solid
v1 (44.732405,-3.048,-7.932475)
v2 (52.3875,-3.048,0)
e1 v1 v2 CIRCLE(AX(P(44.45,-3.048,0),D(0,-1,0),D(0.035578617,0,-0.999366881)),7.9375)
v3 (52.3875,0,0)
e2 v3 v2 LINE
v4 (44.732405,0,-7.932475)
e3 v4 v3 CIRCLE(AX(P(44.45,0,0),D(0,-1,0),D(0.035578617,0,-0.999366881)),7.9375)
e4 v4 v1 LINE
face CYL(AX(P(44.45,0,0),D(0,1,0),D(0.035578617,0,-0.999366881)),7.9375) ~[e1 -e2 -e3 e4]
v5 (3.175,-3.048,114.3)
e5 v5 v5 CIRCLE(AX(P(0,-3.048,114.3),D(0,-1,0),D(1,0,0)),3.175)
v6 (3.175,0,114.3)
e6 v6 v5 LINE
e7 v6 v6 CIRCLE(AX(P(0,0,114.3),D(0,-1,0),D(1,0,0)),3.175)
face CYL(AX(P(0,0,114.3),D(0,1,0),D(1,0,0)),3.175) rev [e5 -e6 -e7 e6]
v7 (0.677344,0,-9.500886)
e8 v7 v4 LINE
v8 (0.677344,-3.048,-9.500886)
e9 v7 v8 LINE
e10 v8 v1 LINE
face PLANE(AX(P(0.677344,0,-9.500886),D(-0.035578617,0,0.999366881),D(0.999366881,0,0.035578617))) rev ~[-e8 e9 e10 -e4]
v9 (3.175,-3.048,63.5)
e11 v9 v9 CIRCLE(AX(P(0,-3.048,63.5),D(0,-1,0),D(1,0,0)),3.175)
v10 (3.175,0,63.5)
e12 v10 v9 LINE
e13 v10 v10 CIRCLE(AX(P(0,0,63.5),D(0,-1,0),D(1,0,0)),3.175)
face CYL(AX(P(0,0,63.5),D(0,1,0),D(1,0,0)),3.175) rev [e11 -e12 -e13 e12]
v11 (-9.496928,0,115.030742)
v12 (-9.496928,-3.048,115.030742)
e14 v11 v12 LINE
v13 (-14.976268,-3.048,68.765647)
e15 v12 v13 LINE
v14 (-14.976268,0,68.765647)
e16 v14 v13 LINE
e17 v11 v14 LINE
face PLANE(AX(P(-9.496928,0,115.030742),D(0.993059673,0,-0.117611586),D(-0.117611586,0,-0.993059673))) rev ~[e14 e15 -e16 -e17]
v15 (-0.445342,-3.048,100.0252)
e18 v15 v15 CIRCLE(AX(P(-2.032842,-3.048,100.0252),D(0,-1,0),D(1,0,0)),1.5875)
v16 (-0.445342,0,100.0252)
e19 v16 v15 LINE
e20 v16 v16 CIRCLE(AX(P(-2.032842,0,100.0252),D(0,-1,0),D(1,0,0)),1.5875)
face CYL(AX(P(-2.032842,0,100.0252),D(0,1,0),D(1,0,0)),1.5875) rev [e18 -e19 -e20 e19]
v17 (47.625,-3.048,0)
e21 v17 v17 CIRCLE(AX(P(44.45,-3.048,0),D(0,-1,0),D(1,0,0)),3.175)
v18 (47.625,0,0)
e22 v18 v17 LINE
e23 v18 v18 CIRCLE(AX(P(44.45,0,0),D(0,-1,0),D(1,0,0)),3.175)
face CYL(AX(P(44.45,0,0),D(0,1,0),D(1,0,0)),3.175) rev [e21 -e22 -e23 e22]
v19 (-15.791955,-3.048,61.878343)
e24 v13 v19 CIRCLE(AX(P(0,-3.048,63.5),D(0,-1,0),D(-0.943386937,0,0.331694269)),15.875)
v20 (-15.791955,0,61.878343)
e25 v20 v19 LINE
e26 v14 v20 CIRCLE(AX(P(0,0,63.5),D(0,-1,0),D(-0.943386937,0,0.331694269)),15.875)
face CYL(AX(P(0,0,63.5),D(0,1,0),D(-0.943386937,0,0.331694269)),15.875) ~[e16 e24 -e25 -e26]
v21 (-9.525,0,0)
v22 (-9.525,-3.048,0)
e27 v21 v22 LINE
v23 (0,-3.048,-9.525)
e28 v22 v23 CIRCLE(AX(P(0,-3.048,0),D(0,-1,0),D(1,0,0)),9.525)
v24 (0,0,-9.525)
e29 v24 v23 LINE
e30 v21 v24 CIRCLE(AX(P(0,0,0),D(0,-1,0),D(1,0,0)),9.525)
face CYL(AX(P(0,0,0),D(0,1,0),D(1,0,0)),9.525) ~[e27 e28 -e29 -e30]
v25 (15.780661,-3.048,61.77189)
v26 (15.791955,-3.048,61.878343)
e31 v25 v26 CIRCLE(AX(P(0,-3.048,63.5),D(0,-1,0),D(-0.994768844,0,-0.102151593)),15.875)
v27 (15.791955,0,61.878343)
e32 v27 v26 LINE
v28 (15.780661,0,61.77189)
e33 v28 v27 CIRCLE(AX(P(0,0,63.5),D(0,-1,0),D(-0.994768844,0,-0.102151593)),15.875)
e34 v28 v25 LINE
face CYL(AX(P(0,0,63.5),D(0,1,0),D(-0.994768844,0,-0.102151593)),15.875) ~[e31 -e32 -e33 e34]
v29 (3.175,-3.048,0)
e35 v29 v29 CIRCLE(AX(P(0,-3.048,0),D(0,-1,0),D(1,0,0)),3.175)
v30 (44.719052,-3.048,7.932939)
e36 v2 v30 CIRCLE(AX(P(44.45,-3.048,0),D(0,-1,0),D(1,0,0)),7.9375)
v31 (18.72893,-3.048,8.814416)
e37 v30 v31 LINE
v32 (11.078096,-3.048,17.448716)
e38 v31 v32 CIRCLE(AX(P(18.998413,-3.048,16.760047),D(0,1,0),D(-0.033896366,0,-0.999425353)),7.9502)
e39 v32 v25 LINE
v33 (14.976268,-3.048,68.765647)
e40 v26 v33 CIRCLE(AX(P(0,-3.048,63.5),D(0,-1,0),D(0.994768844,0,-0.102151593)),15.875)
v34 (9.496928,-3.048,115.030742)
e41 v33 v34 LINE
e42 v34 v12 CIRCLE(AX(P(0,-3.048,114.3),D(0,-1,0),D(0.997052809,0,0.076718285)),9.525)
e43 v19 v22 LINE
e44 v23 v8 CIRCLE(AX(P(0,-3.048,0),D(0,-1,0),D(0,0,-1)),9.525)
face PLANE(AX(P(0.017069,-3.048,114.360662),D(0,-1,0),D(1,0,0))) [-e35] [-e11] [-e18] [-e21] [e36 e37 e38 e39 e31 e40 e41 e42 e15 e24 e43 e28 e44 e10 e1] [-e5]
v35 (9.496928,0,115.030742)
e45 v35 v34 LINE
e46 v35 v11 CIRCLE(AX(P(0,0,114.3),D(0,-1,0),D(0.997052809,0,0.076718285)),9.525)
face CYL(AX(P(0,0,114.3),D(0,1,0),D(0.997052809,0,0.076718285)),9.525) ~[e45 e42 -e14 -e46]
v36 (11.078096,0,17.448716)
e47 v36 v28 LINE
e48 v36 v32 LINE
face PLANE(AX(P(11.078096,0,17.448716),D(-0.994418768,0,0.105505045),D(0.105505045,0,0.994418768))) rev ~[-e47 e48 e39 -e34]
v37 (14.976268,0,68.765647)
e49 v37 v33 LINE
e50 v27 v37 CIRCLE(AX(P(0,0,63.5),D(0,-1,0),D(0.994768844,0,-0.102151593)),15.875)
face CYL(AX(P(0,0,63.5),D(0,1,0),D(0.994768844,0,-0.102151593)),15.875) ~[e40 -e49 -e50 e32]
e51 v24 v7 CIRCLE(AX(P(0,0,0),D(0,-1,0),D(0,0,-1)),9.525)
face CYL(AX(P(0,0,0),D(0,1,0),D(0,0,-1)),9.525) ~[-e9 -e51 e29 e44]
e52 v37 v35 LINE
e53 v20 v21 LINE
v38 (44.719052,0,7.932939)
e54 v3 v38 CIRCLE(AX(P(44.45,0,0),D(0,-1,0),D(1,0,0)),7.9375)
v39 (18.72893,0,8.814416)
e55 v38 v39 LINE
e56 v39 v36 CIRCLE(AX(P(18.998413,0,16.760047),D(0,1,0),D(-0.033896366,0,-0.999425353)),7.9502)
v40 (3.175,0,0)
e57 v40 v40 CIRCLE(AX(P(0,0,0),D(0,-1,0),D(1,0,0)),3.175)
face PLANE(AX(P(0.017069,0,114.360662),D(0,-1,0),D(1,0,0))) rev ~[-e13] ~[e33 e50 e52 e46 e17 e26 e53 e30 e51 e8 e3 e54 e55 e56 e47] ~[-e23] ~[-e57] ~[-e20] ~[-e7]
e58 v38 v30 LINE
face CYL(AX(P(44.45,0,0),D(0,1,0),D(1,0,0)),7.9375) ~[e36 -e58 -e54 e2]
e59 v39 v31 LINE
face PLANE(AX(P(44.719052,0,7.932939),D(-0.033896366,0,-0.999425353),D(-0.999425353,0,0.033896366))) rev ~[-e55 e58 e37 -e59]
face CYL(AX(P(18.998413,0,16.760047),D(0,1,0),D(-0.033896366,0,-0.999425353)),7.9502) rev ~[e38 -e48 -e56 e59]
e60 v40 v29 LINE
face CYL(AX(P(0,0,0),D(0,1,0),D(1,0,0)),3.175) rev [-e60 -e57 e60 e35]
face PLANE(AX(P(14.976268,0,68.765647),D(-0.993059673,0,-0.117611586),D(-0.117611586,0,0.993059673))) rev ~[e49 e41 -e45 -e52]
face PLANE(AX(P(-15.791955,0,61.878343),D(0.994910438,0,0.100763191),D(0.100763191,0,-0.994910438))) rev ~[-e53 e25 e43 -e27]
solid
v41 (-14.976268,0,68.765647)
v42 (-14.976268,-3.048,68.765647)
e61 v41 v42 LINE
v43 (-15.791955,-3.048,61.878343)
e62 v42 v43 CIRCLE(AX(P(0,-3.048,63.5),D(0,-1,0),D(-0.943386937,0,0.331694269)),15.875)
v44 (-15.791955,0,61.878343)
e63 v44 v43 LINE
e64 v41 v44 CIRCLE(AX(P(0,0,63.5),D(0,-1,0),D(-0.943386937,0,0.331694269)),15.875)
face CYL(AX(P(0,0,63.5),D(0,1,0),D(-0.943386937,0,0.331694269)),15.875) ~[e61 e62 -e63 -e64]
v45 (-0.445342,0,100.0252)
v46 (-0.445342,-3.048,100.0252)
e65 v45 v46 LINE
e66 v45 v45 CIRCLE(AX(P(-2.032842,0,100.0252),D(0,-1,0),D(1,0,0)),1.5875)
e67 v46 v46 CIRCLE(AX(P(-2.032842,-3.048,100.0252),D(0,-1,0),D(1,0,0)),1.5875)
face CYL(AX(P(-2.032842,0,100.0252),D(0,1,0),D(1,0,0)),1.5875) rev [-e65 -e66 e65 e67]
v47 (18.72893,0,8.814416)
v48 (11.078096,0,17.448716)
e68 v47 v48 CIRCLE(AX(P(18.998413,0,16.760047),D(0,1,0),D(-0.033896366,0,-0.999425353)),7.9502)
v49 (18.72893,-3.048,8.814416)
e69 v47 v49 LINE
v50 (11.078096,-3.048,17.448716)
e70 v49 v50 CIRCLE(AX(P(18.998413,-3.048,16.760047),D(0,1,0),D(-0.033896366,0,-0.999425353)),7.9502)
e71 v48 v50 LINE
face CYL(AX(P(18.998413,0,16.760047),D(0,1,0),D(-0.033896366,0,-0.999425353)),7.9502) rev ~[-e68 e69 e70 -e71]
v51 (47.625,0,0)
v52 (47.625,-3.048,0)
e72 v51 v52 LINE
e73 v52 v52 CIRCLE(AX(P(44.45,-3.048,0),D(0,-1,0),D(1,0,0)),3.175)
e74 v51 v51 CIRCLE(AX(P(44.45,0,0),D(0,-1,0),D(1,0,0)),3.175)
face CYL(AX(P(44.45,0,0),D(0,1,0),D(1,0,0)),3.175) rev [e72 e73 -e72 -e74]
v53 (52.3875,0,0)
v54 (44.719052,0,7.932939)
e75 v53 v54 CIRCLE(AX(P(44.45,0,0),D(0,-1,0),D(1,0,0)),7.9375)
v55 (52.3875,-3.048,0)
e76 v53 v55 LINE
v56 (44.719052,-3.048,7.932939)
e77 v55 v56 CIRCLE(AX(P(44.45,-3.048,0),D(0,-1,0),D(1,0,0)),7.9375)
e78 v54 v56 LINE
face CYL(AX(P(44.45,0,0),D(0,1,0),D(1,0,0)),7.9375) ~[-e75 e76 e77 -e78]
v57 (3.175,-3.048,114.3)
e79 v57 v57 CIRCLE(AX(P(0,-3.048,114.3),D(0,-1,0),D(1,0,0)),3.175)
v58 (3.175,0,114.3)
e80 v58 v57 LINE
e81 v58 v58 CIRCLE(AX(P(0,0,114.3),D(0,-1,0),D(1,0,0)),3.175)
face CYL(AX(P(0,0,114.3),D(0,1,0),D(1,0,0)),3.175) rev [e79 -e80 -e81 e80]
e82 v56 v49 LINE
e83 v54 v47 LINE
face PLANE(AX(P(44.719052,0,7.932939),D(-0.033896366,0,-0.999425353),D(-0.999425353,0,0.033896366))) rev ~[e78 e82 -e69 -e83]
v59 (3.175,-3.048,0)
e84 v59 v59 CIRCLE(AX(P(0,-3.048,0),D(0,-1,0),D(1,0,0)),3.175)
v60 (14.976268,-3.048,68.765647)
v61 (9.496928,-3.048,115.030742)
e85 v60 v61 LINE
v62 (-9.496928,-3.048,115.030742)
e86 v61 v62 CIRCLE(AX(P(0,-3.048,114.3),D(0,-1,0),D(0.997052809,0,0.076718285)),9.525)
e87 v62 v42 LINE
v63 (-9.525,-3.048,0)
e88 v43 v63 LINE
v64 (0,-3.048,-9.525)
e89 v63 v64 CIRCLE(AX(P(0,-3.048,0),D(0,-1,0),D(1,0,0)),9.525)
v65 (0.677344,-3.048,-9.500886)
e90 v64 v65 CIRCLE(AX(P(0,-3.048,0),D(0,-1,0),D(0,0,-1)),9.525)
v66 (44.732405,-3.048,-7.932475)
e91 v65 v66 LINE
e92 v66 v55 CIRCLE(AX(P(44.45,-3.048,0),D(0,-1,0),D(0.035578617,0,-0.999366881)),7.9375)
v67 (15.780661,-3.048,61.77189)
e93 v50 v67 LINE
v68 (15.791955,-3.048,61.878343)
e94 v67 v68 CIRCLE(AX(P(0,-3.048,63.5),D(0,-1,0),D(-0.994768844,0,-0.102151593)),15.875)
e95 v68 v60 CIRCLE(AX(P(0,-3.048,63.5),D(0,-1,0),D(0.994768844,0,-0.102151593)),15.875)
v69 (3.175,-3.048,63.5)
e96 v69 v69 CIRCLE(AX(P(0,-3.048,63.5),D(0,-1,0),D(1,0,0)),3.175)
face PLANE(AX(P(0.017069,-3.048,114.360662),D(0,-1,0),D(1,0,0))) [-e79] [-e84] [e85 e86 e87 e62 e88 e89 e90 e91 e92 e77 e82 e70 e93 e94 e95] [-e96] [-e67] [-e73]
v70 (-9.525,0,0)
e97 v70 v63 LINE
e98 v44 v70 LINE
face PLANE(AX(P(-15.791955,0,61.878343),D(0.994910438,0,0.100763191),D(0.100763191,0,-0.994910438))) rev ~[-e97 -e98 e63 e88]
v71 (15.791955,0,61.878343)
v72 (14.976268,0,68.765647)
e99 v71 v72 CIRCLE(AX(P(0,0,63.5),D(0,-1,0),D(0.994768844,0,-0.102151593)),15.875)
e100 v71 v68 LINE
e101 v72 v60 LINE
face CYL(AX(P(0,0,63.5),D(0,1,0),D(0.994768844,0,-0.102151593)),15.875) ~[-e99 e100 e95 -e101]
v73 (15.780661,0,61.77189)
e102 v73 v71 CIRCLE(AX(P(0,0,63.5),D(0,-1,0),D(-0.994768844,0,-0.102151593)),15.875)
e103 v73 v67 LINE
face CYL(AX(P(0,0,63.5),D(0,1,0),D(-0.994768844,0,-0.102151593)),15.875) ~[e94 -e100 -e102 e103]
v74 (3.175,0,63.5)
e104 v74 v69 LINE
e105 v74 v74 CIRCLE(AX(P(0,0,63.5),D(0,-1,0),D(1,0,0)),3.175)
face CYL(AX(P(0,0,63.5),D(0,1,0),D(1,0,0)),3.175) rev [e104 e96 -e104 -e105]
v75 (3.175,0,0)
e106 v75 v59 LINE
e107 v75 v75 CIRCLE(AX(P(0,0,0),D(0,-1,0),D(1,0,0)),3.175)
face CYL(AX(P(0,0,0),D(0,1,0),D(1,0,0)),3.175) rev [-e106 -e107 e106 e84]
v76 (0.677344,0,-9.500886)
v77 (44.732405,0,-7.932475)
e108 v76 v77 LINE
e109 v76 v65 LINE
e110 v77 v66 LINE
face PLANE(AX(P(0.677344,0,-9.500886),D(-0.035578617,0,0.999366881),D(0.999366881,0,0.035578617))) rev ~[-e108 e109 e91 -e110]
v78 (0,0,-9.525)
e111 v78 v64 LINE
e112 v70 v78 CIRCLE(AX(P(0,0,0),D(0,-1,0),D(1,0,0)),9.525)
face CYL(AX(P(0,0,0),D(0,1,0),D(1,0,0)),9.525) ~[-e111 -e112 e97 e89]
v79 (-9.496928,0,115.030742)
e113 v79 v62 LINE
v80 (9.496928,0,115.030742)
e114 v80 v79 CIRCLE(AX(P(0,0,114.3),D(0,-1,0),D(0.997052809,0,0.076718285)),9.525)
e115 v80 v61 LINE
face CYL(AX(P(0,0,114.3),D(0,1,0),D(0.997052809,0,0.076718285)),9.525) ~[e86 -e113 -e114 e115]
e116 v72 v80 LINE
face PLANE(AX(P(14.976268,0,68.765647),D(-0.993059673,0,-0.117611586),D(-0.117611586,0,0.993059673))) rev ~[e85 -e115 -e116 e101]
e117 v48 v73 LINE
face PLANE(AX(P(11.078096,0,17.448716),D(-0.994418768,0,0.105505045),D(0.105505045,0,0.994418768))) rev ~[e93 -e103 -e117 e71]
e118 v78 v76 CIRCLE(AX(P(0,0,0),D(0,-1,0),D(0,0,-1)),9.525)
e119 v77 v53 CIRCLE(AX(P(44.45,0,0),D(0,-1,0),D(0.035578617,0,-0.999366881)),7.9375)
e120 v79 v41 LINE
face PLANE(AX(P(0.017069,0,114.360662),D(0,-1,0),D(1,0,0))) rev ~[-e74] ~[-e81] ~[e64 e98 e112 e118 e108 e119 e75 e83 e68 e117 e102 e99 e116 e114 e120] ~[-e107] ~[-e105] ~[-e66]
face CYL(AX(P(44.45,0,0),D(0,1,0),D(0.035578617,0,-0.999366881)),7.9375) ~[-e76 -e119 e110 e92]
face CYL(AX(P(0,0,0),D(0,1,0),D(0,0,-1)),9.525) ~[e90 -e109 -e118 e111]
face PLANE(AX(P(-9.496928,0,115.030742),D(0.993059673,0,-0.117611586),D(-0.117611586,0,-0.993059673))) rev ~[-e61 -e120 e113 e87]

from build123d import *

# Parameters (mm, degrees)
F0_R     = 3.175
F0_R_2   = 1.5875
F1_DEPTH = 3.048
F2_DEPTH = 3.048


with BuildPart() as f1:
    # F0 (on Front) → F1 (new body)
    with BuildSketch(Plane.XZ):
        with BuildLine():
            ThreePointArc((-9.4969280096, 115.0307416647), (-0.3656403346, 104.7820205849), (9.525, 114.3))
            ThreePointArc((9.525, 114.3), (9.5179794151, 114.6656403346), (9.4969280096, 115.0307416647))
            ThreePointArc((9.4969280096, 115.0307416647), (0, 123.825), (-9.4969280096, 115.0307416647))
        make_face()
        with Locations((0, 114.3)):
            Circle(F0_R, mode=Mode.SUBTRACT)
        with BuildLine():
            ThreePointArc((9.4969280096, 115.0307416647), (9.5179794151, 114.6656403346), (9.525, 114.3))
            ThreePointArc((9.525, 114.3), (-0.3656403346, 104.7820205849), (-9.4969280096, 115.0307416647))
            Line((-9.4969280096, 115.0307416647), (-14.9762676177, 68.7656465171))
            ThreePointArc((-14.9762676177, 68.7656465171), (0, 79.375), (14.9762676177, 68.7656465171))
            Line((14.9762676177, 68.7656465171), (9.4969280096, 115.0307416647))
        make_face()
        with Locations((-2.0328424871, 100.0252)):
            Circle(F0_R_2, mode=Mode.SUBTRACT)
        with BuildLine():
            Line((11.0780963737, 17.4487156546), (15.7919553908, 61.8783434599))
            ThreePointArc((15.7919553908, 61.8783434599), (0, 47.625), (-15.7919553908, 61.8783434599))
            Line((-15.7919553908, 61.8783434599), (-9.525, 0))
            ThreePointArc((-9.525, 0), (0, 9.525), (9.525, 0))
            ThreePointArc((9.525, 0), (6.9705567315, -6.4912990883), (0.6773435479, -9.500885786))
            Line((0.6773435479, -9.500885786), (44.7324052746, -7.9324746146))
            ThreePointArc((44.7324052746, -7.9324746146), (36.5125028113, -0.0066804672), (44.7190524039, 7.9329387401))
            Line((44.7190524039, 7.9329387401), (18.7289301522, 8.8144159704))
            ThreePointArc((18.7289301522, 8.8144159704), (13.0481200267, 11.4875059856), (11.0780963737, 17.4487156546))
        make_face()
        with BuildLine():
            Line((15.7919553908, 61.8783434599), (14.9762676177, 68.7656465171))
            ThreePointArc((14.9762676177, 68.7656465171), (0, 79.375), (-14.9762676177, 68.7656465171))
            Line((-14.9762676177, 68.7656465171), (-15.7919553908, 61.8783434599))
            ThreePointArc((-15.7919553908, 61.8783434599), (0, 47.625), (15.7919553908, 61.8783434599))
        make_face()
        with Locations((0, 63.5)):
            Circle(F0_R, mode=Mode.SUBTRACT)
        with BuildLine():
            ThreePointArc((15.875, 63.5), (15.6487039948, 66.170896532), (14.9762676177, 68.7656465171))
            Line((14.9762676177, 68.7656465171), (15.7919553908, 61.8783434599))
            ThreePointArc((15.7919553908, 61.8783434599), (15.8542252543, 62.6881092529), (15.875, 63.5))
        make_face()
        with BuildLine():
            Line((-15.7919553908, 61.8783434599), (-14.9762676177, 68.7656465171))
            ThreePointArc((-14.9762676177, 68.7656465171), (-15.7648223151, 65.3670839226), (-15.7919553908, 61.8783434599))
        make_face()
        with BuildLine():
            ThreePointArc((9.525, 0), (0, 9.525), (-9.525, 0))
            ThreePointArc((-9.525, 0), (-6.7351920908, -6.7351920908), (0, -9.525))
            Line((0, -9.525), (0.6773435479, -9.500885786))
            ThreePointArc((0.6773435479, -9.500885786), (6.9705567315, -6.4912990883), (9.525, 0))
        make_face()
        Circle(F0_R, mode=Mode.SUBTRACT)
        with BuildLine():
            Line((0.6773435479, -9.500885786), (0, -9.525))
            ThreePointArc((0, -9.525), (0.3388863295, -9.5189695375), (0.6773435479, -9.500885786))
        make_face()
        with BuildLine():
            ThreePointArc((52.3875, 0), (50.1569917516, 5.516715635), (44.7190524039, 7.9329387401))
            ThreePointArc((44.7190524039, 7.9329387401), (36.5125028113, -0.0066804672), (44.7324052746, -7.9324746146))
            ThreePointArc((44.7324052746, -7.9324746146), (50.1616327839, -5.5119104847), (52.3875, 0))
        make_face()
        with Locations((44.45, 0)):
            Circle(F0_R, mode=Mode.SUBTRACT)
    extrude(amount=F1_DEPTH)


with BuildPart() as f2:
    # F0 (on Front) → F2 (new body)
    with BuildSketch(Plane.XZ):
        with BuildLine():
            ThreePointArc((-9.4969280096, 115.0307416647), (-0.3656403346, 104.7820205849), (9.525, 114.3))
            ThreePointArc((9.525, 114.3), (9.5179794151, 114.6656403346), (9.4969280096, 115.0307416647))
            ThreePointArc((9.4969280096, 115.0307416647), (0, 123.825), (-9.4969280096, 115.0307416647))
        make_face()
        with Locations((0, 114.3)):
            Circle(F0_R, mode=Mode.SUBTRACT)
        with BuildLine():
            ThreePointArc((9.4969280096, 115.0307416647), (9.5179794151, 114.6656403346), (9.525, 114.3))
            ThreePointArc((9.525, 114.3), (-0.3656403346, 104.7820205849), (-9.4969280096, 115.0307416647))
            Line((-9.4969280096, 115.0307416647), (-14.9762676177, 68.7656465171))
            ThreePointArc((-14.9762676177, 68.7656465171), (0, 79.375), (14.9762676177, 68.7656465171))
            Line((14.9762676177, 68.7656465171), (9.4969280096, 115.0307416647))
        make_face()
        with Locations((-2.0328424871, 100.0252)):
            Circle(F0_R_2, mode=Mode.SUBTRACT)
        with BuildLine():
            Line((11.0780963737, 17.4487156546), (15.7919553908, 61.8783434599))
            ThreePointArc((15.7919553908, 61.8783434599), (0, 47.625), (-15.7919553908, 61.8783434599))
            Line((-15.7919553908, 61.8783434599), (-9.525, 0))
            ThreePointArc((-9.525, 0), (0, 9.525), (9.525, 0))
            ThreePointArc((9.525, 0), (6.9705567315, -6.4912990883), (0.6773435479, -9.500885786))
            Line((0.6773435479, -9.500885786), (44.7324052746, -7.9324746146))
            ThreePointArc((44.7324052746, -7.9324746146), (36.5125028113, -0.0066804672), (44.7190524039, 7.9329387401))
            Line((44.7190524039, 7.9329387401), (18.7289301522, 8.8144159704))
            ThreePointArc((18.7289301522, 8.8144159704), (13.0481200267, 11.4875059856), (11.0780963737, 17.4487156546))
        make_face()
        with BuildLine():
            Line((15.7919553908, 61.8783434599), (14.9762676177, 68.7656465171))
            ThreePointArc((14.9762676177, 68.7656465171), (0, 79.375), (-14.9762676177, 68.7656465171))
            Line((-14.9762676177, 68.7656465171), (-15.7919553908, 61.8783434599))
            ThreePointArc((-15.7919553908, 61.8783434599), (0, 47.625), (15.7919553908, 61.8783434599))
        make_face()
        with Locations((0, 63.5)):
            Circle(F0_R, mode=Mode.SUBTRACT)
        with BuildLine():
            ThreePointArc((15.875, 63.5), (15.6487039948, 66.170896532), (14.9762676177, 68.7656465171))
            Line((14.9762676177, 68.7656465171), (15.7919553908, 61.8783434599))
            ThreePointArc((15.7919553908, 61.8783434599), (15.8542252543, 62.6881092529), (15.875, 63.5))
        make_face()
        with BuildLine():
            Line((-15.7919553908, 61.8783434599), (-14.9762676177, 68.7656465171))
            ThreePointArc((-14.9762676177, 68.7656465171), (-15.7648223151, 65.3670839226), (-15.7919553908, 61.8783434599))
        make_face()
        with BuildLine():
            ThreePointArc((9.525, 0), (0, 9.525), (-9.525, 0))
            ThreePointArc((-9.525, 0), (-6.7351920908, -6.7351920908), (0, -9.525))
            Line((0, -9.525), (0.6773435479, -9.500885786))
            ThreePointArc((0.6773435479, -9.500885786), (6.9705567315, -6.4912990883), (9.525, 0))
        make_face()
        Circle(F0_R, mode=Mode.SUBTRACT)
        with BuildLine():
            Line((0.6773435479, -9.500885786), (0, -9.525))
            ThreePointArc((0, -9.525), (0.3388863295, -9.5189695375), (0.6773435479, -9.500885786))
        make_face()
        with BuildLine():
            ThreePointArc((52.3875, 0), (50.1569917516, 5.516715635), (44.7190524039, 7.9329387401))
            ThreePointArc((44.7190524039, 7.9329387401), (36.5125028113, -0.0066804672), (44.7324052746, -7.9324746146))
            ThreePointArc((44.7324052746, -7.9324746146), (50.1616327839, -5.5119104847), (52.3875, 0))
        make_face()
        with Locations((44.45, 0)):
            Circle(F0_R, mode=Mode.SUBTRACT)
    extrude(amount=F2_DEPTH)


solid = Compound([f1.part, f2.part])
